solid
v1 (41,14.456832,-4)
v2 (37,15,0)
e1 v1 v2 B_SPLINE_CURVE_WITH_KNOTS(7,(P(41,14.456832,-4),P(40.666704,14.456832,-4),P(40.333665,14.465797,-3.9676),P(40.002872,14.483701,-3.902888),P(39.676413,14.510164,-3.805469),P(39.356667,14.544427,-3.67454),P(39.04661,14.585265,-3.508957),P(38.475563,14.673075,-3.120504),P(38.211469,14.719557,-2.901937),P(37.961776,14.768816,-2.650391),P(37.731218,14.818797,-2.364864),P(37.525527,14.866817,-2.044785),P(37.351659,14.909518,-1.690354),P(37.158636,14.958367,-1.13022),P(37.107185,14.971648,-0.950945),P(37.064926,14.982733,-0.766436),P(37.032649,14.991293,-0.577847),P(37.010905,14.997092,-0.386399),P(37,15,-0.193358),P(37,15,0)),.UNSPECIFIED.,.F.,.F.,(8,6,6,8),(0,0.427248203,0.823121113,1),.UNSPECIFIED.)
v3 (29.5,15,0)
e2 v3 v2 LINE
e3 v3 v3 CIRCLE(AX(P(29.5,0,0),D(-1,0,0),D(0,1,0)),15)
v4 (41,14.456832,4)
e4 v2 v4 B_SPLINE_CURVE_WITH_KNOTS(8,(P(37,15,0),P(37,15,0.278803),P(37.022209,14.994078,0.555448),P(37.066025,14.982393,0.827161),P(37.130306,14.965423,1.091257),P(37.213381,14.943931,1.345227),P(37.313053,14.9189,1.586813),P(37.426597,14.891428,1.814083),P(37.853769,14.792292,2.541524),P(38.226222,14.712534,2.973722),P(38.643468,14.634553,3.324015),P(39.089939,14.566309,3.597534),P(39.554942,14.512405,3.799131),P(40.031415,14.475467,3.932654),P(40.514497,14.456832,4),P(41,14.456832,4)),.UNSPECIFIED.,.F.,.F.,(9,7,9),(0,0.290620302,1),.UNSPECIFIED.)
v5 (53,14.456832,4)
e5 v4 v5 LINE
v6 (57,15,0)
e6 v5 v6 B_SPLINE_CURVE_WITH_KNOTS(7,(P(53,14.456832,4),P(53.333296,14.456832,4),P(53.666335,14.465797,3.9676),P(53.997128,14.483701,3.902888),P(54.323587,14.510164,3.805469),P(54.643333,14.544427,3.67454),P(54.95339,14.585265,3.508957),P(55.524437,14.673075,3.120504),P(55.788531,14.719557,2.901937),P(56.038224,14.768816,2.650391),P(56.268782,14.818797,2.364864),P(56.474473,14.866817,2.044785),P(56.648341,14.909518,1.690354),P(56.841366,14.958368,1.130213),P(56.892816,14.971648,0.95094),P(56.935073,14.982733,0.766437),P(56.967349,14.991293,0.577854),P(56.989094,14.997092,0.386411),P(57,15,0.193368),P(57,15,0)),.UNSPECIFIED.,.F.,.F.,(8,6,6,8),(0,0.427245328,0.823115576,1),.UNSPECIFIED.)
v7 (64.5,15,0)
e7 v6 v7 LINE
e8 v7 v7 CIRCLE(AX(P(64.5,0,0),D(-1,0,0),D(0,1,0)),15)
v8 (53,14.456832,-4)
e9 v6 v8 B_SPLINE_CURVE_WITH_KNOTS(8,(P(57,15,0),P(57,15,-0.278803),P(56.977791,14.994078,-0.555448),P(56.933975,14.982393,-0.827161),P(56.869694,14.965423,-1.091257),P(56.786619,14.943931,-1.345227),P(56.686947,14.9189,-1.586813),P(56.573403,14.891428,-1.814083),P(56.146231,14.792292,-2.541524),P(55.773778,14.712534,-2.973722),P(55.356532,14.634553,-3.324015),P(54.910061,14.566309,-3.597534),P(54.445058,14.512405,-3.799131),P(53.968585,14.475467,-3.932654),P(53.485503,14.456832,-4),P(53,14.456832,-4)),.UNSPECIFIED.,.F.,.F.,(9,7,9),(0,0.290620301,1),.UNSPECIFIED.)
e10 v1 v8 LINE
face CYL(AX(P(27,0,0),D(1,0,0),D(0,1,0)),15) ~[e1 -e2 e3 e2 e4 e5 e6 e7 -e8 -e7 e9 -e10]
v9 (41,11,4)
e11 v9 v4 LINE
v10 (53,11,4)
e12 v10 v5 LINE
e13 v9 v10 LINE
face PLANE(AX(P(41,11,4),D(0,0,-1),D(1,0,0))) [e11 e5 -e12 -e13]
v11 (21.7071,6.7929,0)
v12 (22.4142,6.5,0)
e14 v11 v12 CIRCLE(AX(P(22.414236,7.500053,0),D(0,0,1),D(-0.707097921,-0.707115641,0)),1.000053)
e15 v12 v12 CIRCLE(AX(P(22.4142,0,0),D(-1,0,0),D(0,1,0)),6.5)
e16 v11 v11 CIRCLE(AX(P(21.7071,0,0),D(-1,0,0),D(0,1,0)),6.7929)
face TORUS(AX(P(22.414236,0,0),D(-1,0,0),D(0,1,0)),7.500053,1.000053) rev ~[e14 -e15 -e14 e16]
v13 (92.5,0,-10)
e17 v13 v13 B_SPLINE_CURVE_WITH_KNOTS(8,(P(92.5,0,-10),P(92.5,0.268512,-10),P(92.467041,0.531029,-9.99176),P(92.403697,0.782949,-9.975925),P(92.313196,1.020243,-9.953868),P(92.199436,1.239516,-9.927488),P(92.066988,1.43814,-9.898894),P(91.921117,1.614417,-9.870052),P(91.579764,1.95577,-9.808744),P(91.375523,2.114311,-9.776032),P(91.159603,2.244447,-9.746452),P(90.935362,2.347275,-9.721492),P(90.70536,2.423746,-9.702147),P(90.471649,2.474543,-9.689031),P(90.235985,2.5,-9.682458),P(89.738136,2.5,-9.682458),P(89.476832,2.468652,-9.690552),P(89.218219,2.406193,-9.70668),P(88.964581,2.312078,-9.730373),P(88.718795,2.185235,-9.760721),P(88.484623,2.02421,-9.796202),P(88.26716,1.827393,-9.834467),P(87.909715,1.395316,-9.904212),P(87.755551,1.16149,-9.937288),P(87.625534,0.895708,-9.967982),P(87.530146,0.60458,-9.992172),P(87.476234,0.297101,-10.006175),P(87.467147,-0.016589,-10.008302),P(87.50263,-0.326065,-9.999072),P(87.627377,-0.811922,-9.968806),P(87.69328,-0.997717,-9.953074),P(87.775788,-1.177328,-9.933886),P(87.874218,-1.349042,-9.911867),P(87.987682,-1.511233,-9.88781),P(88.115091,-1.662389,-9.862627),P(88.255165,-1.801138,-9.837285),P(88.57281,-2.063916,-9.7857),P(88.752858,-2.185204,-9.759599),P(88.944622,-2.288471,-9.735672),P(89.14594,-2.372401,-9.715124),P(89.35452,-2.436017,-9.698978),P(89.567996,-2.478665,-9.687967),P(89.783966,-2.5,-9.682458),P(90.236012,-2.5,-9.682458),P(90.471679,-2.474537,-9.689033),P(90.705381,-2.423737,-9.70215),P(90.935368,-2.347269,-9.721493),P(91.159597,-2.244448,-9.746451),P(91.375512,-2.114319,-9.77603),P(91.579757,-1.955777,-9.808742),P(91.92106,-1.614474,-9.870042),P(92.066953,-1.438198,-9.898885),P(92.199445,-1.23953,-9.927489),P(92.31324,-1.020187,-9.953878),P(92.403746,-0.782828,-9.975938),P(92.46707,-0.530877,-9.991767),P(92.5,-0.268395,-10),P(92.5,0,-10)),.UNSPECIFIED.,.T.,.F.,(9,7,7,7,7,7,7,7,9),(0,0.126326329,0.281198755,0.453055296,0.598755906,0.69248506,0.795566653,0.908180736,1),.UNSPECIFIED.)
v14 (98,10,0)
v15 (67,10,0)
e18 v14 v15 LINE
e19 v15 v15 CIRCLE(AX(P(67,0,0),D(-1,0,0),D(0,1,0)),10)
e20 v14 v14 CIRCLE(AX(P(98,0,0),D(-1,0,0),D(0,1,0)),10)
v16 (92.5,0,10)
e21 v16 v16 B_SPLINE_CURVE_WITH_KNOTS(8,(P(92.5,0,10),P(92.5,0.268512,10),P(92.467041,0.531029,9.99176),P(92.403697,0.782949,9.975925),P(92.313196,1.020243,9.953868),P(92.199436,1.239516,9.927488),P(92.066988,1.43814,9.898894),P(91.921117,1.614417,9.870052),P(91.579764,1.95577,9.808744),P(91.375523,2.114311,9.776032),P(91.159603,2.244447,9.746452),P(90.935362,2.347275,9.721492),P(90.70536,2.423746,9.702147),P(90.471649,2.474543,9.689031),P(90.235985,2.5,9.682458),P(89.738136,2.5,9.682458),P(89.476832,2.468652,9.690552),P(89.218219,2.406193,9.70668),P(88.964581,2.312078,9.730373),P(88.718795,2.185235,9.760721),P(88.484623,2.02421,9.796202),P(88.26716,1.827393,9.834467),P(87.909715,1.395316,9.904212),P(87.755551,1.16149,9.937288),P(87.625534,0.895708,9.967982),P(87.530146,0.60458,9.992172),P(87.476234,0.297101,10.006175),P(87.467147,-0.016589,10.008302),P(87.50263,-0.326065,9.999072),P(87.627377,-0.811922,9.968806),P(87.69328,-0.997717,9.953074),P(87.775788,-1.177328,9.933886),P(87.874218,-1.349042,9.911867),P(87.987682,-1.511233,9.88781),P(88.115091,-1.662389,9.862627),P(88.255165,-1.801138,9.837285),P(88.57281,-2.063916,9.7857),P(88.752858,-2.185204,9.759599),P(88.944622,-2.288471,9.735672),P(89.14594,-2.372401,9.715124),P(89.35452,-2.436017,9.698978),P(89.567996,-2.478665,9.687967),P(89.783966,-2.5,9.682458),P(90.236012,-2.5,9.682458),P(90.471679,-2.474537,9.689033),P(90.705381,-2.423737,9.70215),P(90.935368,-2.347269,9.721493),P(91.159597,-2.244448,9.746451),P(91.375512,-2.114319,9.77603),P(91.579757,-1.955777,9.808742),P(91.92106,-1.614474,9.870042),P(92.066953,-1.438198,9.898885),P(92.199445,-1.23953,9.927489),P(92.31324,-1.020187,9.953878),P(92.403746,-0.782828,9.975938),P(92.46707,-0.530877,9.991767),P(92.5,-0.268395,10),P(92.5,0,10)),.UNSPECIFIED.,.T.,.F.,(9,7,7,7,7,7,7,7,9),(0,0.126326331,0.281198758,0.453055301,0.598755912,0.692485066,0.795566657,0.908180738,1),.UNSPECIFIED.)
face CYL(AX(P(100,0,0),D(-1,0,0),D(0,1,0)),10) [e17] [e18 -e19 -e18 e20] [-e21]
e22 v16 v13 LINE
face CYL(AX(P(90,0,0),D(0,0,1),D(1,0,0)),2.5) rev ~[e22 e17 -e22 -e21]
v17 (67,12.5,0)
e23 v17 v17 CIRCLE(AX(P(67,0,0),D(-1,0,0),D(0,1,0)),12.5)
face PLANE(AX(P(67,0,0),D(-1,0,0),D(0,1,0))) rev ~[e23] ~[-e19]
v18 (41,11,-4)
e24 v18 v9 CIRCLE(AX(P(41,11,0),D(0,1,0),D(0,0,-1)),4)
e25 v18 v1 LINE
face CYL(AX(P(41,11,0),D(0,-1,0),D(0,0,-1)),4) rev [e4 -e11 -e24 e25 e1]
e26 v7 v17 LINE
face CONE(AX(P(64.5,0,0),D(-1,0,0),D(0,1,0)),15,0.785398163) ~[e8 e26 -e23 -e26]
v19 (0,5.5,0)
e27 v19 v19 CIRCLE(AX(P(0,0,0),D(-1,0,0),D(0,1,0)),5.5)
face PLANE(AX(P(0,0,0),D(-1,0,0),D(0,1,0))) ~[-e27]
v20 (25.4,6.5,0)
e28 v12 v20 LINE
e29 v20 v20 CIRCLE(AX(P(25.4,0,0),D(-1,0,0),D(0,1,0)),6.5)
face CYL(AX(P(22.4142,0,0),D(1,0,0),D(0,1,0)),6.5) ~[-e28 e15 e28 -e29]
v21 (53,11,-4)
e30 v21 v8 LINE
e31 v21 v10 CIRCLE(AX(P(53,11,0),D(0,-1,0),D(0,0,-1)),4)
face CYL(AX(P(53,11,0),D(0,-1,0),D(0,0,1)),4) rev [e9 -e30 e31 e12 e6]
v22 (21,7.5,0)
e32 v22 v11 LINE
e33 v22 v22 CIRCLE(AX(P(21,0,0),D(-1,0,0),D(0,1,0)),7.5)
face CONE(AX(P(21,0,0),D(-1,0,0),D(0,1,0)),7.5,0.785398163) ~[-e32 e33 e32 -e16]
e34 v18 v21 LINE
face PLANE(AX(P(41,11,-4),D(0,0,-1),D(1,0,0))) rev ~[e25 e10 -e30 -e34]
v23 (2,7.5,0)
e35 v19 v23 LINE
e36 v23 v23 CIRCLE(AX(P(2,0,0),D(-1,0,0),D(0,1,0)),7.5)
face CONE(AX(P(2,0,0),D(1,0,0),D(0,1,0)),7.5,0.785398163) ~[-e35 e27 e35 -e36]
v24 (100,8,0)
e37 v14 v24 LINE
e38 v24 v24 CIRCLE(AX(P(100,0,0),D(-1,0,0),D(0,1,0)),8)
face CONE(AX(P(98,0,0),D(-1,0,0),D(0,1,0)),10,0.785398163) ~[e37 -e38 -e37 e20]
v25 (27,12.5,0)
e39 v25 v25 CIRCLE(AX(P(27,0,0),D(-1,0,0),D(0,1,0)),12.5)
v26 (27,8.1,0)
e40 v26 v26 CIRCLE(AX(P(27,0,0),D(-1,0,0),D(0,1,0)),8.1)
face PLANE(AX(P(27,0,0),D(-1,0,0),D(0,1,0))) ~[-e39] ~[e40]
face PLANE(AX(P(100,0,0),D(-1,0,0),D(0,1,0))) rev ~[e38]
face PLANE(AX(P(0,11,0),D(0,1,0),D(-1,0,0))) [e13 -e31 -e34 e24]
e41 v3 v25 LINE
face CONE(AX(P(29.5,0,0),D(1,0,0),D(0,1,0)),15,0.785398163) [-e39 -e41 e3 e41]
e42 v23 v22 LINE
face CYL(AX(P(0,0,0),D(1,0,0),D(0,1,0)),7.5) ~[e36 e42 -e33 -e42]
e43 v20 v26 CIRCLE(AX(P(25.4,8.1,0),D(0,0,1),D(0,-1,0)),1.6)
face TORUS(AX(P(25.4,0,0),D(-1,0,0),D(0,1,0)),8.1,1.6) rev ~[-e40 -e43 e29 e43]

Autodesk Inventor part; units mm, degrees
ref_plane "YZ Plane" through (0, 0, 0) normal (1, 0, 0) x (0, 1, 0)
ref_plane "XY Plane" through (0, 0, 0) normal (0, 0, 1) x (1, 0, 0)
sketch "Эскиз1" plane through (0, 0, 0) normal (0, 0, 1) x (1, 0, 0)
  line L0 (0, 0) -> (0, 7.5)
  line L1 (22.4142, 6.5) -> (25.4, 6.5)
  line L2 (27, 8.1) -> (27, 15)
  line L3 (27, 15) -> (67, 15)
  line L4 (100, 10) -> (100, 0)
  line L5 (100, 0) -> (0, 0)
  line L6 (0, 7.5) -> (21, 7.5)
  line L7 (21, 7.5) -> (21.7071, 6.7929)
  line L8 (100, 10) -> (67, 10)
  line L9 (67, 15) -> (67, 10)
  arc A0 (21.7071, 6.7929) -> (22.4142, 6.5) centre (22.4142, 7.5) ccw
  arc A1 (25.4, 6.5) -> (27, 8.1) centre (25.4, 8.1) ccw
  point P0 (22, 6.5)
  point P1 (27, 6.5)
  point P2 (67, 12.5)
  dimension "d0" = 27
  dimension "d4" = 100
  dimension "d14" = 6.5
  dimension "d21" = 135
  dimension "d22" = 1
  dimension "d23" = 5
  dimension "d26" = 10
  dimension "d27" = 40
  dimension "d28" = 15
  dimension "d70" = 1
  dimension "d71" = 1.6
revolve "Вращение1" add sketch "Эскиз1" angle 360 about axis through (100, 0, 0) along (-1, 0, 0)
sketch "Эскиз2" plane through (0, 0, 0) normal (0, 0, 1) x (1, 0, 0)
  point P0 (0, 0)
sketch "Эскиз4" plane through (0, 0, 0) normal (0, 0, 1) x (1, 0, 0)
  circle A0 centre (90, 0) radius 2.5
  line L0 (100, -10) -> (100, 10) projected
  point P0 (0, 0)
  dimension "d38" = 10
  dimension "d39" = 5
  dimension "d40" = 90
extrude "Выдавливание2" cut sketch "Эскиз4" along normal through all both and the other way through all
thread "Резьба1" size "M16x1" class "6g" standard "ISO Metric profile" full length
chamfer "Фаска1" distance 2 angle 45 1 edges at (0, -7.5, 0)
chamfer "Фаска2" distance 2.5 angle 45 1 edges at (67, -15, 0) measured on face at (67, 13.0912, 1.9943)
chamfer "Фаска3" distance 2 angle 45 1 edges at (100, -10, 0) measured on face at (100, -0.4018, -2.9244)
chamfer "Фаска4" distance 2.5 angle 45 1 edges at (27, -15, 0) measured on face at (27, 12.5547, 1.1966)
ref_plane "РабПлоскость1" through (0, 11, 0) normal (0, 1, 0) x (-1, 0, 0)
sketch "Эскиз5" plane through (0, 11, 0) normal (0, 1, 0) x (-1, 0, 0)
  line L0 (-29.5, -15) -> (-29.5, 15) projected
  line L1 (11.4, 0) -> (-68.4, 0) projected
  line L2 (-27, -8.5) -> (-27, 8.5) projected
  arc A0 (-41, -4) -> (-41, 4) centre (-41, 0) ccw
  line L3 (-41, -4) -> (-53, -4)
  arc A1 (-53, 4) -> (-53, -4) centre (-53, 0) ccw
  line L4 (-41, 4) -> (-53, 4)
  point P0 (0, 0)
  dimension "d66" = 10
  dimension "d67" = 20
  dimension "d68" = 8
  dimension "d69" = 4
extrude "Выдавливание3" cut sketch "Эскиз5" along normal blind 4
properties part number "Вал"
